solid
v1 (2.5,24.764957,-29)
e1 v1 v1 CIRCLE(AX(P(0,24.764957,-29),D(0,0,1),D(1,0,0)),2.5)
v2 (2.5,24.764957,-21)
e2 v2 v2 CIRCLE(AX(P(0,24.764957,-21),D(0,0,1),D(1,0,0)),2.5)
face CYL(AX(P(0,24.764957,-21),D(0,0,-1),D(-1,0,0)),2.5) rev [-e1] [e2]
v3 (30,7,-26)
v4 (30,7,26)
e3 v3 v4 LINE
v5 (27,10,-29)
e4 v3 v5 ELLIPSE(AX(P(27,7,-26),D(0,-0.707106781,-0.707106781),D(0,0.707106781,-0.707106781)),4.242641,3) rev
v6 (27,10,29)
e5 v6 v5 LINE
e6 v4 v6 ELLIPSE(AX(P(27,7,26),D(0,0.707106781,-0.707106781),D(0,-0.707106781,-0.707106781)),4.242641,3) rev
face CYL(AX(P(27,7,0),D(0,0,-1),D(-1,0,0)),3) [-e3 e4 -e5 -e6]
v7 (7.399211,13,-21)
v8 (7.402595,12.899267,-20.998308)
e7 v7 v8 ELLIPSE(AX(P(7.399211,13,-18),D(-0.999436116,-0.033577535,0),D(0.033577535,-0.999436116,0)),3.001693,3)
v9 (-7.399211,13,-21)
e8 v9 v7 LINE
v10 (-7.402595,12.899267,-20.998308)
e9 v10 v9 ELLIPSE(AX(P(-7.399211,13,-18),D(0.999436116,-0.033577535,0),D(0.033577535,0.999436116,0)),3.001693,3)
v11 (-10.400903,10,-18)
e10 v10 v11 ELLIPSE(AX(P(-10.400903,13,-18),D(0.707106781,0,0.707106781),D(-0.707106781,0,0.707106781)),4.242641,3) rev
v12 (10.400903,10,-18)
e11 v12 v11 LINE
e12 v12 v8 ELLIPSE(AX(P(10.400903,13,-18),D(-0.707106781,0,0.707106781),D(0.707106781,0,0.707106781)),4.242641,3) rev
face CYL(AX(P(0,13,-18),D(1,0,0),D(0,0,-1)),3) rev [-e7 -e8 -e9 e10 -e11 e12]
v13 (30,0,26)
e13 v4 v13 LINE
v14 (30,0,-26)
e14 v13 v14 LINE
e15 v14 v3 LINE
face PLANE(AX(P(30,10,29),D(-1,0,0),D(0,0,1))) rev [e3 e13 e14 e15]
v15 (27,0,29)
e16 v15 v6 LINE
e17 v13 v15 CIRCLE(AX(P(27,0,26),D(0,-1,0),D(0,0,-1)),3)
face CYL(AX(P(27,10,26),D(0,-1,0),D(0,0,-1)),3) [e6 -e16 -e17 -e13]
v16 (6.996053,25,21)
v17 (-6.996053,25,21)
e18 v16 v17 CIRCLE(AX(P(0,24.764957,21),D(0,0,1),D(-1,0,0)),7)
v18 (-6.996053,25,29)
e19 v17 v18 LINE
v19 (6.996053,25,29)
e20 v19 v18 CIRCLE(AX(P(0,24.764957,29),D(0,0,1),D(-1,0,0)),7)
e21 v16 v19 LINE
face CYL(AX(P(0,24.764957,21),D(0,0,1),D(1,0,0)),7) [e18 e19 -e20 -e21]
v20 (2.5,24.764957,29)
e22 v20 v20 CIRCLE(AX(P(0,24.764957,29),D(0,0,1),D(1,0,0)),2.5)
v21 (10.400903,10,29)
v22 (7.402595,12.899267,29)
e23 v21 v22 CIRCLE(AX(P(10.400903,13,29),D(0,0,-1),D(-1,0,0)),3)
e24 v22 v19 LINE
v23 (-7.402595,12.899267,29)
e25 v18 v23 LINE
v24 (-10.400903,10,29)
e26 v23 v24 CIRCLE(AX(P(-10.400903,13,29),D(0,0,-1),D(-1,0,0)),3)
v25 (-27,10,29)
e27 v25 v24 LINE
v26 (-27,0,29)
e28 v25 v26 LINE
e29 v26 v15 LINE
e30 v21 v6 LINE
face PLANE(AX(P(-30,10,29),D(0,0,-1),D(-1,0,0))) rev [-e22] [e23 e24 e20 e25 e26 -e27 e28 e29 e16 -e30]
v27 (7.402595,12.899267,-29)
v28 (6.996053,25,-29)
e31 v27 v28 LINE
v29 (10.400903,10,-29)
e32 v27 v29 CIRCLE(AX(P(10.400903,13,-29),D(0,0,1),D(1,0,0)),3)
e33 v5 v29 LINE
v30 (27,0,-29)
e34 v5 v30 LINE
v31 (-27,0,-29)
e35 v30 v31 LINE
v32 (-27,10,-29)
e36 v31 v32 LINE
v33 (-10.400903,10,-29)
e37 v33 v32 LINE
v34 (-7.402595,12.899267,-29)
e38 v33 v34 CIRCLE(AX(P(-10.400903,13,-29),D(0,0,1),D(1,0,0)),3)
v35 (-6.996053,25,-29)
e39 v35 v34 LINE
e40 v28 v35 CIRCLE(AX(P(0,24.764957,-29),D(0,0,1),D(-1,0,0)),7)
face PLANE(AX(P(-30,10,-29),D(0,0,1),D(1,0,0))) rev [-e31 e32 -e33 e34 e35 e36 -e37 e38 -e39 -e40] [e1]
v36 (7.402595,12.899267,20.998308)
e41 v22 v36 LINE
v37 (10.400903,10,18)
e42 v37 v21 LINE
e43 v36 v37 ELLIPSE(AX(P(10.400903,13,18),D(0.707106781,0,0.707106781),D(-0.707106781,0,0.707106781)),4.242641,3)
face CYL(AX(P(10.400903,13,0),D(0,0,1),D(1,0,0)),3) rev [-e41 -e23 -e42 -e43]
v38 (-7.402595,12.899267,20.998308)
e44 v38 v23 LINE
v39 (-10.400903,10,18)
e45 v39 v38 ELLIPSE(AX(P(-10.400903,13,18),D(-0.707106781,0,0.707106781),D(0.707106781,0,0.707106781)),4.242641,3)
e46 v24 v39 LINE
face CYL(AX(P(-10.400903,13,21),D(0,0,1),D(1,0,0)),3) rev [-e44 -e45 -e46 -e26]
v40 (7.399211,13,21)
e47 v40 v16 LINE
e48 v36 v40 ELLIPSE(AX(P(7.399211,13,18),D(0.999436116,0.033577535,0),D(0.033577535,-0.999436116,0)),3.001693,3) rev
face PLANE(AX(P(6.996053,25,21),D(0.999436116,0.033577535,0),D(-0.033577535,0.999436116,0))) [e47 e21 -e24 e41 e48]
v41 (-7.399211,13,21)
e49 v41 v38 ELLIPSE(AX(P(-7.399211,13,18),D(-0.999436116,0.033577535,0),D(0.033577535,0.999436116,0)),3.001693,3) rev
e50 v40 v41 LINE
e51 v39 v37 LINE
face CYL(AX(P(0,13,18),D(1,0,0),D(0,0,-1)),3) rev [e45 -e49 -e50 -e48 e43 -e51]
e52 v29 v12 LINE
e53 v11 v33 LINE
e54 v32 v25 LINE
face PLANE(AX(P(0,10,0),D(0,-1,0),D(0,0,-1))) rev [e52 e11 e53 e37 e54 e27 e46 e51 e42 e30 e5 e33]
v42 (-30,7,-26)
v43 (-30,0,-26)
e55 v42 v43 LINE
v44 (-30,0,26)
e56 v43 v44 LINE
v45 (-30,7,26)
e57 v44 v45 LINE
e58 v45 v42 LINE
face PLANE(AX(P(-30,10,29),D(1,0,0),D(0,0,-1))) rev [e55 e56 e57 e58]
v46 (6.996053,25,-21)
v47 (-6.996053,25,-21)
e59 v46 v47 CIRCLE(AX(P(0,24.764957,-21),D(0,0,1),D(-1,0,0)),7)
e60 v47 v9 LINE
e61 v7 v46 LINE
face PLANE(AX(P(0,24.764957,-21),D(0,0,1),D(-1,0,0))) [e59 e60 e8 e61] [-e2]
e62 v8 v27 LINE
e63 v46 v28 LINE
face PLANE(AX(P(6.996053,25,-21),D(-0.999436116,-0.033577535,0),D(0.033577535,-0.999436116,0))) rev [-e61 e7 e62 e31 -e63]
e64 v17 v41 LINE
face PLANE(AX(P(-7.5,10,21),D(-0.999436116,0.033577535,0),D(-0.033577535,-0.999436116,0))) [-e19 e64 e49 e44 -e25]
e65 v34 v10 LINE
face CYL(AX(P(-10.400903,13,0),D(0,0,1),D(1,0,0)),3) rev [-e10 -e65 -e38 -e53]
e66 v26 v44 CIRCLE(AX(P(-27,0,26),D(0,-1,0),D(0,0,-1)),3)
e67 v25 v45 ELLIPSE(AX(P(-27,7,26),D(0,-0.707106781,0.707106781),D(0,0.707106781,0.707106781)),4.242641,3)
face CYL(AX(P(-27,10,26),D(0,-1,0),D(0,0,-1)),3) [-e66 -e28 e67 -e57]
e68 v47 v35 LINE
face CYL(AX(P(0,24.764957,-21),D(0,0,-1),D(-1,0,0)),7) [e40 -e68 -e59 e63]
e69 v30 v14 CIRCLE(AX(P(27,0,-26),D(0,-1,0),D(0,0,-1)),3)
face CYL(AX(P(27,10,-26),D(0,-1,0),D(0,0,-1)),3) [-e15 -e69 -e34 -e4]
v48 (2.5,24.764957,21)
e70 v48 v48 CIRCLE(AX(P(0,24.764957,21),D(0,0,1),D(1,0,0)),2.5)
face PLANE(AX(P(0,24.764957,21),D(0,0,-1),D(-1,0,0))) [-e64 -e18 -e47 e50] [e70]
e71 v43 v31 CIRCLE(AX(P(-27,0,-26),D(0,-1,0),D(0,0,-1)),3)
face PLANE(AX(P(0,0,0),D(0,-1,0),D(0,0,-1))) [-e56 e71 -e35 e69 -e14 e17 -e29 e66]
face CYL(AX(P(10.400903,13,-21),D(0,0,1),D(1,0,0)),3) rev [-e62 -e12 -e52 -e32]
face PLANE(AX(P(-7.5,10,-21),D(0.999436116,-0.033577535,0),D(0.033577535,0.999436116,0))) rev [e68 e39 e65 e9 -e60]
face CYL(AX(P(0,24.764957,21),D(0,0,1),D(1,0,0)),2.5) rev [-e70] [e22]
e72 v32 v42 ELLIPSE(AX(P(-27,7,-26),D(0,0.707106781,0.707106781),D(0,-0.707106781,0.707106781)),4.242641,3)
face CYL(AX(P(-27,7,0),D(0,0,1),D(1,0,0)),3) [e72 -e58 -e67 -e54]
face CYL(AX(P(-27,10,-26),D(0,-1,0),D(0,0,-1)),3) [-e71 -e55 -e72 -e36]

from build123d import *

# Parameters (mm, degrees)
SKETCH2_W           = 60
SKETCH2_H           = 58
BOSS_EXTRUDE1_DEPTH = 10
SKETCH3_R           = 2.5
BOSS_EXTRUDE2_DEPTH = 8
FILLET1_R           = 3


with BuildPart() as part:
    # Sketch2 → Boss-Extrude1 (new body)
    with BuildSketch(Plane(origin=(0, 0, 0), x_dir=(1, 0, 0), z_dir=(0, 1, 0))):
        Rectangle(SKETCH2_W, SKETCH2_H)
    extrude(amount=BOSS_EXTRUDE1_DEPTH)

    # Sketch3 → Boss-Extrude2 (add)
    with BuildSketch(Plane.XY.offset(29)):
        with BuildLine():
            Line((-7.5, 10), (-6.996052809, 25))
            ThreePointArc((-6.996052809, 25), (0, 31.764957256), (6.996052809, 25))
            Line((6.996052809, 25), (7.5, 10))
            Line((7.5, 10), (-7.5, 10))
        make_face()
        with Locations((0, 24.764957256)):
            Circle(SKETCH3_R, mode=Mode.SUBTRACT)
    boss_extrude2 = extrude(amount=-BOSS_EXTRUDE2_DEPTH)

    # Mirror1: Boss-Extrude2 across plane
    add(boss_extrude2.mirror(Plane.XY))

    # Fillet1
    fillet1_edges = [part.edges().sort_by_distance(p)[0] for p in [
        (-30, 10, 0),
        (0, 10, 21),
        (7.5, 10, 25),
        (-7.5, 10, 25),
        (0, 10, -21),
        (-7.5, 10, -25),
        (7.5, 10, -25),
        (30, 10, 0),
        (30, 5, 29),
        (-30, 5, 29),
        (-30, 5, -29),
        (30, 5, -29),
    ]]
    fillet(fillet1_edges, radius=FILLET1_R)


solid = part.part
